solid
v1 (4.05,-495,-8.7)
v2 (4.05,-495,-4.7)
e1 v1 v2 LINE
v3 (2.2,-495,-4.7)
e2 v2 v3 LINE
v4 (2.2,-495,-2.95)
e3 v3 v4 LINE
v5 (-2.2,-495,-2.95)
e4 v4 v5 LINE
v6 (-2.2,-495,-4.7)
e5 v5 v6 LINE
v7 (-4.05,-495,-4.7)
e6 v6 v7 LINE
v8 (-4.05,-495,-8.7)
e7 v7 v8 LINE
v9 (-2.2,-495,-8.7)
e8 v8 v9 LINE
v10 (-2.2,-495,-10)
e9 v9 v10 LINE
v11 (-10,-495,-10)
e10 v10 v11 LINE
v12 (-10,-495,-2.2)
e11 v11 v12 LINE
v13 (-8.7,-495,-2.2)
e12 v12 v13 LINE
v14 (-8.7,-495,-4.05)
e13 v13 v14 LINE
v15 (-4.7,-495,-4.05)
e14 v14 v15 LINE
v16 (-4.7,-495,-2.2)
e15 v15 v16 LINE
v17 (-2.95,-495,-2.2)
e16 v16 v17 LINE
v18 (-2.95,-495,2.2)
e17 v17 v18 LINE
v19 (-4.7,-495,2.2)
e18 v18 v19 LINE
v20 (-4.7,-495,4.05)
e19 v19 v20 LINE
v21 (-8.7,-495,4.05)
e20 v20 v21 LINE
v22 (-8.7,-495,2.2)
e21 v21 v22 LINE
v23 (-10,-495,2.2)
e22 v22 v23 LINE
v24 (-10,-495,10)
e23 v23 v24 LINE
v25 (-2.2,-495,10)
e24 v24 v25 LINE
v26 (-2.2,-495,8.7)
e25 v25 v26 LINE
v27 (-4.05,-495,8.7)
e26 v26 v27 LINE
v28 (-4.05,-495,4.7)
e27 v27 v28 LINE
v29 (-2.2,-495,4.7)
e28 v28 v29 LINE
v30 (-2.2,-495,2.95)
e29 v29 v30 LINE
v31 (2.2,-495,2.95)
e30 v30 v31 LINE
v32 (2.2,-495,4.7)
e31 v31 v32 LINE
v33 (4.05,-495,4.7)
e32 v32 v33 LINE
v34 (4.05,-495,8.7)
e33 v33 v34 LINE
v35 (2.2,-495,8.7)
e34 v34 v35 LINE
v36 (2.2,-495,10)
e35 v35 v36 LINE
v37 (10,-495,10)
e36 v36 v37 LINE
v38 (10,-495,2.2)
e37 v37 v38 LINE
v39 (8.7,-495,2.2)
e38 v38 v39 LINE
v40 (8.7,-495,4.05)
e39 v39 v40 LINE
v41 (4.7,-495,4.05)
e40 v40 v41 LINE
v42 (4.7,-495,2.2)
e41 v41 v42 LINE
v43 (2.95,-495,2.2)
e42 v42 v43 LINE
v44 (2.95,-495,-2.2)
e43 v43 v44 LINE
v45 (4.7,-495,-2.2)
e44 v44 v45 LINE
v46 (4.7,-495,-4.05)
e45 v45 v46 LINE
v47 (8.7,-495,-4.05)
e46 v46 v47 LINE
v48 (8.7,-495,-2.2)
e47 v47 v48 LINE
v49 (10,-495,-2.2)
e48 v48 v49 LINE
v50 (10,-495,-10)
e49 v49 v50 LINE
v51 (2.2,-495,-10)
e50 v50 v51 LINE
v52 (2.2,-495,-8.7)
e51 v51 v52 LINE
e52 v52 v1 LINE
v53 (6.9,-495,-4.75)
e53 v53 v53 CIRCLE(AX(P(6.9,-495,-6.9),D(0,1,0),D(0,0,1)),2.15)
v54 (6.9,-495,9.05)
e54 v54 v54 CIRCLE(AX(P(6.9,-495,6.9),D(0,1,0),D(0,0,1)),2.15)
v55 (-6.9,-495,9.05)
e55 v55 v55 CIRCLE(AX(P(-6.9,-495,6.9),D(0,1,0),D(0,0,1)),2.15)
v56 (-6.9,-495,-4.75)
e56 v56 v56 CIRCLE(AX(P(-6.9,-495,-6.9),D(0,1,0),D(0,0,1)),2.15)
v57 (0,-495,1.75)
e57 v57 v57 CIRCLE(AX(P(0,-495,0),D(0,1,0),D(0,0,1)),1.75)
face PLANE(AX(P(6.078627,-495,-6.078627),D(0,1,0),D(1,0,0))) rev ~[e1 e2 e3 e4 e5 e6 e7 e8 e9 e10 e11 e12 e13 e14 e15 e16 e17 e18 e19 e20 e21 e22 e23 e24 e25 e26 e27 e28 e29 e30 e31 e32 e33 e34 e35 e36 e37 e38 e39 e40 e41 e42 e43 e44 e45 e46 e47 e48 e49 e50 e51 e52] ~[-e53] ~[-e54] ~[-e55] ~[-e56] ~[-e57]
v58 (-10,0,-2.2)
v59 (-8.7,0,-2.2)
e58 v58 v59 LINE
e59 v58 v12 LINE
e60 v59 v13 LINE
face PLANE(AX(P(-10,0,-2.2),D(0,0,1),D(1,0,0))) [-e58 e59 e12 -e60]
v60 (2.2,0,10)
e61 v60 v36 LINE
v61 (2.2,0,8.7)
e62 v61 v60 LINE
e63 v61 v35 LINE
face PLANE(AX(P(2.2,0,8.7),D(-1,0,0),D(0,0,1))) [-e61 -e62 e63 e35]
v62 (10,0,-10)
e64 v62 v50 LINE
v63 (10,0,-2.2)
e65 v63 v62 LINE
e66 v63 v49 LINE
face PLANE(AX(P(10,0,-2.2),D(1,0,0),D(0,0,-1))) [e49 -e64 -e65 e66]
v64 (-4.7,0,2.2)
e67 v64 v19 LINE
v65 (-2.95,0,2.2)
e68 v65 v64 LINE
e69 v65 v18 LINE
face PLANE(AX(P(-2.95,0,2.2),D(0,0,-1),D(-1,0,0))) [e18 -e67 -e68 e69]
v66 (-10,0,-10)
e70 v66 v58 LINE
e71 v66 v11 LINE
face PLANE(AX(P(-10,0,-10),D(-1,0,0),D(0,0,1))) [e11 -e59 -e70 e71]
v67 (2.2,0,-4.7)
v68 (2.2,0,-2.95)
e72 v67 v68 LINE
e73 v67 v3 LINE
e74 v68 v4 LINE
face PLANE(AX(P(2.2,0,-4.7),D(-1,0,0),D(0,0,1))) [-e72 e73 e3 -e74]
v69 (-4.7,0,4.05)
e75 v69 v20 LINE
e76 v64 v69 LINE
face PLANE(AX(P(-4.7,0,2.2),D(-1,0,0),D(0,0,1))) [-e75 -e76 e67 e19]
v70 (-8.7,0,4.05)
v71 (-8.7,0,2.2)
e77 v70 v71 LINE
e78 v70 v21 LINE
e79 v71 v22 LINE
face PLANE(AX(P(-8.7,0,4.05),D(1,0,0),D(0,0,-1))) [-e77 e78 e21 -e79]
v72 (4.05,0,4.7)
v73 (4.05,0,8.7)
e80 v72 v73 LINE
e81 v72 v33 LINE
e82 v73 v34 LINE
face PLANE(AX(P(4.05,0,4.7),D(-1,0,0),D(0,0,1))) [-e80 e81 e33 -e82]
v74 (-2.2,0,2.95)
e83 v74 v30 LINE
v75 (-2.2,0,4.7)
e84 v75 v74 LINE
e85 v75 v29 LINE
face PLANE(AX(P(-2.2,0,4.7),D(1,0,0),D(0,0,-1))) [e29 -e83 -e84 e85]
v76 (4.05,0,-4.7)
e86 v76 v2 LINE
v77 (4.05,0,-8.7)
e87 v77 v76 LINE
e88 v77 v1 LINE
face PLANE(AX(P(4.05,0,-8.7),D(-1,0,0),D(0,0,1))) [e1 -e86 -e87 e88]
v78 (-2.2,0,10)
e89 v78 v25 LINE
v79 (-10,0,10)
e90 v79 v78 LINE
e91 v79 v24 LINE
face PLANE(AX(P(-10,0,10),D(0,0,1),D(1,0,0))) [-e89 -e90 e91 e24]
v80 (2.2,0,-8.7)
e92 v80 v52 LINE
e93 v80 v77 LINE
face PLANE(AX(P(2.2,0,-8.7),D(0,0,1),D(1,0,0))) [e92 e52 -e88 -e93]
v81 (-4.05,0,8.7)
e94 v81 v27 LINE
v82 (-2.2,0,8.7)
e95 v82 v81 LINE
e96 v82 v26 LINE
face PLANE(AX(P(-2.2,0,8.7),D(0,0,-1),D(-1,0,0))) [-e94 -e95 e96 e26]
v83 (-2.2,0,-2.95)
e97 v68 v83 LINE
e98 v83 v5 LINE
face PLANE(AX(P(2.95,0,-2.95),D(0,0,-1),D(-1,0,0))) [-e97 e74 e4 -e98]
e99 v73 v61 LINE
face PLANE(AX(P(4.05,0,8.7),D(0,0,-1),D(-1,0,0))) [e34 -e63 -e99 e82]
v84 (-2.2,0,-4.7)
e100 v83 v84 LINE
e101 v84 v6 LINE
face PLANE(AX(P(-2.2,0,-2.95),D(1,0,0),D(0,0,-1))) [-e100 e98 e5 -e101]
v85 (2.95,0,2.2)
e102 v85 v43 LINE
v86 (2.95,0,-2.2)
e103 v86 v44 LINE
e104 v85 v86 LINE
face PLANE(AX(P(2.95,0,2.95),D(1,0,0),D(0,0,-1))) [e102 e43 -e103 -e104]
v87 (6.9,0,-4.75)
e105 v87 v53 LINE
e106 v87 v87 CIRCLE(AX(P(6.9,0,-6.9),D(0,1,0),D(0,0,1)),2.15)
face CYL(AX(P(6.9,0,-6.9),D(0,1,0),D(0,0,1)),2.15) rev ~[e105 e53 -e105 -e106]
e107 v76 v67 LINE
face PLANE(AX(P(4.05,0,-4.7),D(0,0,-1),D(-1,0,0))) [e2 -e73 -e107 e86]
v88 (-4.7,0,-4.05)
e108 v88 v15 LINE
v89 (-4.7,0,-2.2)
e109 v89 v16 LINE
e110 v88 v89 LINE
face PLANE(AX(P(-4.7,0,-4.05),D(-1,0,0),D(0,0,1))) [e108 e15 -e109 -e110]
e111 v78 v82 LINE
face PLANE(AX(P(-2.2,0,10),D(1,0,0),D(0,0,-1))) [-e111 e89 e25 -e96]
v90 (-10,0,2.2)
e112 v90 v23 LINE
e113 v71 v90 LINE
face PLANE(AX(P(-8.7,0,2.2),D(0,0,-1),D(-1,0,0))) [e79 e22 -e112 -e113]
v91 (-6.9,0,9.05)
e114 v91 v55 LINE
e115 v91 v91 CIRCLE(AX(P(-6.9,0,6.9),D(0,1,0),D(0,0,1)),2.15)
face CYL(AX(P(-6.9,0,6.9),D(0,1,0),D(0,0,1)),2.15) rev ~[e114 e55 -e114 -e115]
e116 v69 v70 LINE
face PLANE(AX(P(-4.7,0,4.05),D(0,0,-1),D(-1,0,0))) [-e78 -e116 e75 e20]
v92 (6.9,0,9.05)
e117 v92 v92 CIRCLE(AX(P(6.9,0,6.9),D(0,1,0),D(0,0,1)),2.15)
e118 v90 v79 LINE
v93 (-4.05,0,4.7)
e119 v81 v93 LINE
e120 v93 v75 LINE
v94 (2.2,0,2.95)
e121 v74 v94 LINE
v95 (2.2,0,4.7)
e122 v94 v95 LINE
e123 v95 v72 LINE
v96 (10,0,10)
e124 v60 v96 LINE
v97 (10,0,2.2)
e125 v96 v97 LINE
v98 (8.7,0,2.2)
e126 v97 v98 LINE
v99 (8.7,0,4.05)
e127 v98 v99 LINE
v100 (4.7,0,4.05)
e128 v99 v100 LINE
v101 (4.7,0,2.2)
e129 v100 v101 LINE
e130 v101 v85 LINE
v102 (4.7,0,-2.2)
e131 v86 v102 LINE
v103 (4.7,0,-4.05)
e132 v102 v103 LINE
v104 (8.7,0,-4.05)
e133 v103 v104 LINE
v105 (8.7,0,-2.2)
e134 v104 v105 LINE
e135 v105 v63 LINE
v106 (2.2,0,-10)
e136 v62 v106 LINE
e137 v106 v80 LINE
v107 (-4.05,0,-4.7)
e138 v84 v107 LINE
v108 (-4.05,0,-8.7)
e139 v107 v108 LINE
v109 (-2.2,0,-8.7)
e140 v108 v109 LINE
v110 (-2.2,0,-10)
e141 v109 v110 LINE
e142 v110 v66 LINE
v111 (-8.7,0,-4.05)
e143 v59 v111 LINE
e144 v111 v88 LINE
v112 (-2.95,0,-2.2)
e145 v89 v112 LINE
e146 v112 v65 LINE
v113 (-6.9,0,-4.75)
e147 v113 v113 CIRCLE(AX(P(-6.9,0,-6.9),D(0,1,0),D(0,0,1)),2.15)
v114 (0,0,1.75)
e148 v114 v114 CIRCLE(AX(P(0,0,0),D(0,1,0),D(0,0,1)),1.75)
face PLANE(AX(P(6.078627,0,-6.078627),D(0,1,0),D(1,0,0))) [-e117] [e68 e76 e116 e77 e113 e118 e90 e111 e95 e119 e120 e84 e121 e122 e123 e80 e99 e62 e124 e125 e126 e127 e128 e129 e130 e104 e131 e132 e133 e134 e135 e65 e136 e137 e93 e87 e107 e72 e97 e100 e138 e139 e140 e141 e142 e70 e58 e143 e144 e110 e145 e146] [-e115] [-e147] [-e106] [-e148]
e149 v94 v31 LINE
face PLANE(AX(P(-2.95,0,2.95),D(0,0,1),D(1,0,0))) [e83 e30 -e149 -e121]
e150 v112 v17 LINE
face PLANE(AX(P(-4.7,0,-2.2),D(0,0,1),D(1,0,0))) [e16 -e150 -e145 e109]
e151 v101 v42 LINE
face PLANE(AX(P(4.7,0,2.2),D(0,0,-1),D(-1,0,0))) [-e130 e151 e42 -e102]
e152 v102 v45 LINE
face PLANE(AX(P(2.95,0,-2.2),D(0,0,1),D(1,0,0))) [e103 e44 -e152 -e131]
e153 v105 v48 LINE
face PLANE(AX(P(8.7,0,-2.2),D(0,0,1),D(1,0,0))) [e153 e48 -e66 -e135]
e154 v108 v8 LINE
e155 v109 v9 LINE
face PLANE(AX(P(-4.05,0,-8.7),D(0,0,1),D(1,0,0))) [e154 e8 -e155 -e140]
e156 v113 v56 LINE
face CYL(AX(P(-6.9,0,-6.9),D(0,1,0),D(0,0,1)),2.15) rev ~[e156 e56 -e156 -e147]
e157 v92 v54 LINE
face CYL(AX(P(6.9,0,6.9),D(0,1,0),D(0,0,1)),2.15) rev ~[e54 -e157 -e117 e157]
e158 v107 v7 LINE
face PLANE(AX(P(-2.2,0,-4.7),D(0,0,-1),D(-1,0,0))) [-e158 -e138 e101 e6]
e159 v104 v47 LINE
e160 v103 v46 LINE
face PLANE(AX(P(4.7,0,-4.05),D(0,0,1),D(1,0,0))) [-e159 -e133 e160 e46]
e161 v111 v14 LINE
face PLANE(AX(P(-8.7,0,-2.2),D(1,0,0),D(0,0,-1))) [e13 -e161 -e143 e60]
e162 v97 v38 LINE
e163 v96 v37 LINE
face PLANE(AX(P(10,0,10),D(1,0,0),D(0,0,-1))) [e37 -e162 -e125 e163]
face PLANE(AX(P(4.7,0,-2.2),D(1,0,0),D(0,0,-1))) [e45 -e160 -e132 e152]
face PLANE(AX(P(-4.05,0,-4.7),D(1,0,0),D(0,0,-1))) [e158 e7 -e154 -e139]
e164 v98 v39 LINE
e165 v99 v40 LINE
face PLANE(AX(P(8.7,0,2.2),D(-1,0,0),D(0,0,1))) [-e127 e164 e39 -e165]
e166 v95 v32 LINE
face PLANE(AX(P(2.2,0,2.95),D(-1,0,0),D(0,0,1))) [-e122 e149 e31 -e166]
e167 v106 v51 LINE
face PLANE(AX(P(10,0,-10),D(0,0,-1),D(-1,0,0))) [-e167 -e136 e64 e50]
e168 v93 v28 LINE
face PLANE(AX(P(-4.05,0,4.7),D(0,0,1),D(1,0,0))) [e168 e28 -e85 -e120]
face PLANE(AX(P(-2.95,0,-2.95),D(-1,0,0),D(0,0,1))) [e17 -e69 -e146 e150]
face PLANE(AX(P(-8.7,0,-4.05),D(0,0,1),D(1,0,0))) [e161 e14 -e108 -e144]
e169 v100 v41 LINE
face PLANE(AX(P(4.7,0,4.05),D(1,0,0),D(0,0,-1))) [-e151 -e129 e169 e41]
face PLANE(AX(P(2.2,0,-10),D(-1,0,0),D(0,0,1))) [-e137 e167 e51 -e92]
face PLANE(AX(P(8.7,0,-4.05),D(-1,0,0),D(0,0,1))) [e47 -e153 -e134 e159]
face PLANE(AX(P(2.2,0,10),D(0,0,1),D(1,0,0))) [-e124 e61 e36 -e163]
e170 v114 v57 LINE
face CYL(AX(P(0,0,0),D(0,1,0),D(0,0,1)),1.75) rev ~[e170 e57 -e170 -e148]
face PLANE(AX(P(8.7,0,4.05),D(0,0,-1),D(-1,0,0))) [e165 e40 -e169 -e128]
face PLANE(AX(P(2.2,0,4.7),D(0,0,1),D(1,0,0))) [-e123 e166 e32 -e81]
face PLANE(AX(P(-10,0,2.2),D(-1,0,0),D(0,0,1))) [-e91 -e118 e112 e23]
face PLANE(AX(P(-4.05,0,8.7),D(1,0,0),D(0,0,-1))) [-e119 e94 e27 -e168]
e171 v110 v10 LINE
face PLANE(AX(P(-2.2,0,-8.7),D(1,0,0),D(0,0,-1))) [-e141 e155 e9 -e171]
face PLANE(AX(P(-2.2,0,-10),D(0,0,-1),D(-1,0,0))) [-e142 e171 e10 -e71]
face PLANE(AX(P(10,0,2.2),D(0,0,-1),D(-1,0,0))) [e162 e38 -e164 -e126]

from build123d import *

# Parameters (mm, degrees)
SKETCH_1_R      = 2.15
SKETCH_1_R_2    = 1.75
EXTRUDE_1_DEPTH = 495


with BuildPart() as part:
    # 草图1 → 凸台-拉伸1 (new body)
    # profile 1 of 5: a face of its own
    with BuildSketch(Plane(origin=(0, 0, 0), x_dir=(1, 0, 0), z_dir=(0, 1, 0))):
        Polygon((-2.2, 8.7), (-2.2, 10), (-10, 10), (-10, 2.2), (-8.7, 2.2), (-8.7, 4.05), (-4.7, 4.05), (-4.7, 2.2), (-2.95, 2.2), (-2.95, 2.95), (-2.2, 2.95), (-2.2, 4.7), (-4.05, 4.7), (-4.05, 8.7), align=None)
        with Locations(Location((-6.9, 6.9, 0), (0, 0, 270))):
            Circle(SKETCH_1_R, mode=Mode.SUBTRACT)
    # profile 2 of 5: a face of its own
    with BuildSketch(Plane(origin=(0, 0, 0), x_dir=(1, 0, 0), z_dir=(0, 1, 0))):
        Polygon((2.2, 2.95), (-2.2, 2.95), (-2.95, 2.95), (-2.95, 2.2), (-2.95, -2.2), (-2.95, -2.95), (-2.2, -2.95), (2.2, -2.95), (2.95, -2.95), (2.95, -2.2), (2.95, 2.2), (2.95, 2.95), align=None)
        with Locations(Location((0, 0, 0), (0, 0, 270))):
            Circle(SKETCH_1_R_2, mode=Mode.SUBTRACT)
    # profile 3 of 5: a face of its own
    with BuildSketch(Plane(origin=(0, 0, 0), x_dir=(1, 0, 0), z_dir=(0, 1, 0))):
        Polygon((-8.7, -2.2), (-10, -2.2), (-10, -10), (-2.2, -10), (-2.2, -8.7), (-4.05, -8.7), (-4.05, -4.7), (-2.2, -4.7), (-2.2, -2.95), (-2.95, -2.95), (-2.95, -2.2), (-4.7, -2.2), (-4.7, -4.05), (-8.7, -4.05), align=None)
        with Locations(Location((-6.9, -6.9, 0), (0, 0, 270))):
            Circle(SKETCH_1_R, mode=Mode.SUBTRACT)
    # profile 4 of 5: a face of its own
    with BuildSketch(Plane(origin=(0, 0, 0), x_dir=(1, 0, 0), z_dir=(0, 1, 0))):
        Polygon((10, -10), (10, -2.2), (8.7, -2.2), (8.7, -4.05), (4.7, -4.05), (4.7, -2.2), (2.95, -2.2), (2.95, -2.95), (2.2, -2.95), (2.2, -4.7), (4.05, -4.7), (4.05, -8.7), (2.2, -8.7), (2.2, -10), align=None)
        with Locations(Location((6.9, -6.9, 0), (0, 0, 270))):
            Circle(SKETCH_1_R, mode=Mode.SUBTRACT)
    # profile 5 of 5: a face of its own
    with BuildSketch(Plane(origin=(0, 0, 0), x_dir=(1, 0, 0), z_dir=(0, 1, 0))):
        Polygon((10, 10), (2.2, 10), (2.2, 8.7), (4.05, 8.7), (4.05, 4.7), (2.2, 4.7), (2.2, 2.95), (2.95, 2.95), (2.95, 2.2), (4.7, 2.2), (4.7, 4.05), (8.7, 4.05), (8.7, 2.2), (10, 2.2), align=None)
        with Locations(Location((6.9, 6.9, 0), (0, 0, 270))):
            Circle(SKETCH_1_R, mode=Mode.SUBTRACT)
    extrude(amount=-EXTRUDE_1_DEPTH)


solid = part.part
